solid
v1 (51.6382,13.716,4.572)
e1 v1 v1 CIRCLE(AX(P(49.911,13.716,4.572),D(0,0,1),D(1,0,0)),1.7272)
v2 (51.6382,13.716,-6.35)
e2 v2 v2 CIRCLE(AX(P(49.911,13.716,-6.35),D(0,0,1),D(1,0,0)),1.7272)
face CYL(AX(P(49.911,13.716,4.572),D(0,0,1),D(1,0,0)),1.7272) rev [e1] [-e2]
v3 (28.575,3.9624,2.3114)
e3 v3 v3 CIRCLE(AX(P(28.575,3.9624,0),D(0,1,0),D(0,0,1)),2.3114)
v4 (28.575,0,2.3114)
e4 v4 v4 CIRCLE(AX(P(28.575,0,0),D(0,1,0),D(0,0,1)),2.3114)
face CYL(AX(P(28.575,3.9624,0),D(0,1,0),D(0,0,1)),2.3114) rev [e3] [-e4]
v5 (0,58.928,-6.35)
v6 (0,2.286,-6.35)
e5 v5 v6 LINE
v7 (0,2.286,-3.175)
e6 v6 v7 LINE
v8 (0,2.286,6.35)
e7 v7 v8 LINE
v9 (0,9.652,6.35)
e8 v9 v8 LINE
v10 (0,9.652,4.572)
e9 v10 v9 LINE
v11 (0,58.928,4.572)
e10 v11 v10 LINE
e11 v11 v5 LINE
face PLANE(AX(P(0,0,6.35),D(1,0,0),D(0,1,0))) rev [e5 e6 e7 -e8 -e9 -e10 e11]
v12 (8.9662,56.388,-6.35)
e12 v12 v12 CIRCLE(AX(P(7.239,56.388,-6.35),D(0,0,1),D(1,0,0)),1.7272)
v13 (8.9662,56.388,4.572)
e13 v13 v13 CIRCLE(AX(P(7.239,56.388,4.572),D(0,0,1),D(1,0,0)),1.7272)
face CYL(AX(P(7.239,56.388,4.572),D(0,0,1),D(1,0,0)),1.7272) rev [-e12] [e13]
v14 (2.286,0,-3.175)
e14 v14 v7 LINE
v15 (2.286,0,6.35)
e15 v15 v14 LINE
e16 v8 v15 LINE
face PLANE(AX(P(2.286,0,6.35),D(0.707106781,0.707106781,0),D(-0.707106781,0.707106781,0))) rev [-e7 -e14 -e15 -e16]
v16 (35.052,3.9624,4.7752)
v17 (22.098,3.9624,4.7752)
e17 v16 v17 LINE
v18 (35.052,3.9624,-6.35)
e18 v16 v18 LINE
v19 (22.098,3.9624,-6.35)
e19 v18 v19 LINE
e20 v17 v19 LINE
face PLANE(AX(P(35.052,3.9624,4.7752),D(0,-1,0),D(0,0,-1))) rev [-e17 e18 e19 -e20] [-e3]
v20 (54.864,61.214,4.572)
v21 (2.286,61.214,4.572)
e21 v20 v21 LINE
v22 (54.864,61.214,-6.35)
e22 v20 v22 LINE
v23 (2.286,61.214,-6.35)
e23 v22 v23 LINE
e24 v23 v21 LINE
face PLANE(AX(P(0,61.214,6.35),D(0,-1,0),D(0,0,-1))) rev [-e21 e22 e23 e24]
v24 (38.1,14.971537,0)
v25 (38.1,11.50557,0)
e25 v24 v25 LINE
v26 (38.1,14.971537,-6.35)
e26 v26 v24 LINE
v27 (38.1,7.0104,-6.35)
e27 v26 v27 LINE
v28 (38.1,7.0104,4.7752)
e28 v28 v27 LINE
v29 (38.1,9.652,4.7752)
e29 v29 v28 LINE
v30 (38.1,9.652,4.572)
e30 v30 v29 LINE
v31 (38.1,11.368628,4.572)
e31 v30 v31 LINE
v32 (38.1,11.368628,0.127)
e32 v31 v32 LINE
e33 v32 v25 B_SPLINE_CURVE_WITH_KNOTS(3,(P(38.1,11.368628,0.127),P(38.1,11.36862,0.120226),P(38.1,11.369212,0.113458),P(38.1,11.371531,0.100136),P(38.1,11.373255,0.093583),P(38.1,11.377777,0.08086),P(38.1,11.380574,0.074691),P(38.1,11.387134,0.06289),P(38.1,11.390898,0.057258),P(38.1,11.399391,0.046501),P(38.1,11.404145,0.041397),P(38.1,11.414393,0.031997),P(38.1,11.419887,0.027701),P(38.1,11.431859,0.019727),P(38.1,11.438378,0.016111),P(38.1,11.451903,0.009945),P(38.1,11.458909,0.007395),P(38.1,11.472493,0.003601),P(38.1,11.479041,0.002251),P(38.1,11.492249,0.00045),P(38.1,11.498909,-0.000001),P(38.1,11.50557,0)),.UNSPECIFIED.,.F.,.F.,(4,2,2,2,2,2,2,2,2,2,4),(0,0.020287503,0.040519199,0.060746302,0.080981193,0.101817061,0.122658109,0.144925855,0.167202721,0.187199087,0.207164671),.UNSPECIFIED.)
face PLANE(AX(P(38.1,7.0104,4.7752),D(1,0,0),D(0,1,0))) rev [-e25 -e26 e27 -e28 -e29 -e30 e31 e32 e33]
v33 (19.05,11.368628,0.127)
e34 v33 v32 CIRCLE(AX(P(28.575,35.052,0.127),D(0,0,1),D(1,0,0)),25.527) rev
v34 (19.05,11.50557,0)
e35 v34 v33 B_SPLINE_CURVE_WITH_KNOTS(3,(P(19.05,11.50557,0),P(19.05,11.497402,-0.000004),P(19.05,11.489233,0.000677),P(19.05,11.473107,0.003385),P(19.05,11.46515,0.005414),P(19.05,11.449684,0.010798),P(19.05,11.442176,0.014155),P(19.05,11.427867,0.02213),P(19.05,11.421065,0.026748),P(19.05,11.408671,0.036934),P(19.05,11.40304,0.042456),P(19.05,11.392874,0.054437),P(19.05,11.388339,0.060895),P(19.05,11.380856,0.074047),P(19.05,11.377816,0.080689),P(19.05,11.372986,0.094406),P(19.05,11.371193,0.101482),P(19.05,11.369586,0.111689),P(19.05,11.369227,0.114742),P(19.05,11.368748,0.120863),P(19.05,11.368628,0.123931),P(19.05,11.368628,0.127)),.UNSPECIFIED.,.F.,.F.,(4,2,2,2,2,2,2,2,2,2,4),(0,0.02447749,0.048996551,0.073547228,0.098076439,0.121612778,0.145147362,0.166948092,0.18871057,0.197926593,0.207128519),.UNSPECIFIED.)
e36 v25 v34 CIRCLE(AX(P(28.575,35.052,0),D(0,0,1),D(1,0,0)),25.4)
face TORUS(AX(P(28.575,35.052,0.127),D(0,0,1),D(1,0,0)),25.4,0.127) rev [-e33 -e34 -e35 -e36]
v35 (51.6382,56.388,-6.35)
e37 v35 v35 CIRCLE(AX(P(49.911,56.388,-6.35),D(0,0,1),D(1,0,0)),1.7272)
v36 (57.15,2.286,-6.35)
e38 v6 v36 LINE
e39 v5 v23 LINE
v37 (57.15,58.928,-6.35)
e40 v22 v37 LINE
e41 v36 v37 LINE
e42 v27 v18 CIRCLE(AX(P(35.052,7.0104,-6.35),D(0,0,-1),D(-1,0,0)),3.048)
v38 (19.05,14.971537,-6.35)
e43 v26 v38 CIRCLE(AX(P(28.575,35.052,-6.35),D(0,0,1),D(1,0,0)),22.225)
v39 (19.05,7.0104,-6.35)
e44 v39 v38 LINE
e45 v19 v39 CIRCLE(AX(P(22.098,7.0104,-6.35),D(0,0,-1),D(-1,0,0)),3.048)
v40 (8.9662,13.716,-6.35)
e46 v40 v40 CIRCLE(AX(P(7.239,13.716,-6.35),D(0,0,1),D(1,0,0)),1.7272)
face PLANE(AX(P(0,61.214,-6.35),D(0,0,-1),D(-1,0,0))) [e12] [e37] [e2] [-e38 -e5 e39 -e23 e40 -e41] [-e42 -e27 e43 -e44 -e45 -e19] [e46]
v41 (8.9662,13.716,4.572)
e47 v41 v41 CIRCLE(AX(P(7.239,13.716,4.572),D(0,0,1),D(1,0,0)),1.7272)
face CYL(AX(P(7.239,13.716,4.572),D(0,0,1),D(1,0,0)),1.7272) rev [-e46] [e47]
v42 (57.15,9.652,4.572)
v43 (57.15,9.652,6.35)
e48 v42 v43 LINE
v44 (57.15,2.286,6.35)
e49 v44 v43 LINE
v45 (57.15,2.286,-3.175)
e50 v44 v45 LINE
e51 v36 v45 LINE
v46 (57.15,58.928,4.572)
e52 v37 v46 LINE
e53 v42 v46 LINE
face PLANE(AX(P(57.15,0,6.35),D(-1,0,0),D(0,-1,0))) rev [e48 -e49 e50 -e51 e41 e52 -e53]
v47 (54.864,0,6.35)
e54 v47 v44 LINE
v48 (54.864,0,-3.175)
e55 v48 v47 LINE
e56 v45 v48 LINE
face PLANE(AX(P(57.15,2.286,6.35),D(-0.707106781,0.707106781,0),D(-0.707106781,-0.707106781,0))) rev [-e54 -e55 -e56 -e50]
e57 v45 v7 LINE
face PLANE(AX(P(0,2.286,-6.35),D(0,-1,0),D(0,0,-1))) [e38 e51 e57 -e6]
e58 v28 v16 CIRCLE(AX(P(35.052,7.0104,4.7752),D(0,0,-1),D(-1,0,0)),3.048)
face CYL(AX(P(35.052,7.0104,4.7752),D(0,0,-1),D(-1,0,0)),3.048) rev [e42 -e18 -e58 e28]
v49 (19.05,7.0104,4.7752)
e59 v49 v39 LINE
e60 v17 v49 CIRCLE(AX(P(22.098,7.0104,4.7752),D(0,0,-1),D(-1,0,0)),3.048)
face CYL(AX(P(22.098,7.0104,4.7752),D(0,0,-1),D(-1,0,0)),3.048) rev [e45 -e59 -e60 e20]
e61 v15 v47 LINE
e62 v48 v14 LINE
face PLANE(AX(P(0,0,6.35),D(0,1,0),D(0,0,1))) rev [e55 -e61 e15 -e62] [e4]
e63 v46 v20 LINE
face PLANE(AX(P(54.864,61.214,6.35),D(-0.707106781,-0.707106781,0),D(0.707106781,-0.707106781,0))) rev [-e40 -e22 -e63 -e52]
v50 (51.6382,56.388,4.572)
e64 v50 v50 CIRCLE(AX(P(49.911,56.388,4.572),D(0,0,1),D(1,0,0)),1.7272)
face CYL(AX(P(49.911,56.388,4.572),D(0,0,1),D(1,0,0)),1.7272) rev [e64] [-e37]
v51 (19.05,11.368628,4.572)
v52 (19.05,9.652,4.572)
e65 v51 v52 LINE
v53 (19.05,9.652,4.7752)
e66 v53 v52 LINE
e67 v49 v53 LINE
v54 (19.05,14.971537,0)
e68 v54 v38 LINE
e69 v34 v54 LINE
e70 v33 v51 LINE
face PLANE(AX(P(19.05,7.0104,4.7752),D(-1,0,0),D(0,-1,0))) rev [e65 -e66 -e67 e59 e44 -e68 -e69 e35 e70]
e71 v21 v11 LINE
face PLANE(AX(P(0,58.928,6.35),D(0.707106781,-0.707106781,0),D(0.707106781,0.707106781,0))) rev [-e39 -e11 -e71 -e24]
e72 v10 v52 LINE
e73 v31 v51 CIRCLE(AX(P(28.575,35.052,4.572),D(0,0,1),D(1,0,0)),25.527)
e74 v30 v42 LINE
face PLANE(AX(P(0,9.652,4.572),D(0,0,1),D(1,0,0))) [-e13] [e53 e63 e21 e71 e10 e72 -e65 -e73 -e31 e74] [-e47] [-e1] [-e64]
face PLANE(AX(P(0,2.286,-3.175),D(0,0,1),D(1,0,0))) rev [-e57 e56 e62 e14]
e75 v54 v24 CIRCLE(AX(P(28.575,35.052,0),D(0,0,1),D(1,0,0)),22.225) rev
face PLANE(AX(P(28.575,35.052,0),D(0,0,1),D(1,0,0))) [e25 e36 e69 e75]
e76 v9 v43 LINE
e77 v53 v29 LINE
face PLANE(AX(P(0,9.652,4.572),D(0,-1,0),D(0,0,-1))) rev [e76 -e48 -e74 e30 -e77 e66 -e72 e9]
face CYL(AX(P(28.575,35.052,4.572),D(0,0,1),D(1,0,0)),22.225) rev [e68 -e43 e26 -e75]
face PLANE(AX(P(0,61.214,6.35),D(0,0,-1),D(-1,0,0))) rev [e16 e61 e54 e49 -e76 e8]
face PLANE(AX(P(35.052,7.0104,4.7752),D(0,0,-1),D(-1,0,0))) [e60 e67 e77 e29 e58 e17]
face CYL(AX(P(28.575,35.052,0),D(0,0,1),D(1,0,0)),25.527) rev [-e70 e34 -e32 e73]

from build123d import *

# Parameters (mm, degrees)
SKETCH1_W                       = 57.15
SKETCH1_H                       = 61.214
BOSS_EXTRUDE1_DEPTH             = 6.35
SKETCH2_W                       = 57.15
SKETCH2_H                       = 51.562
CUT_EXTRUDE1_DEPTH              = 1.778
F_1_1_DIAMETER_HOLE1_D          = 44.45
CUT_EXTRUDE2_DEPTH              = 11.1252
F_14_0_182_DIAMETER_HOLE1_D     = 4.6228
F_14_0_182_DIAMETER_HOLE1_DEPTH = 13.97
F_14_0_182_DIAMETER_HOLE1_TIP   = 1.388829235
SKETCH10_R                      = 25.527
CUT_EXTRUDE3_DEPTH              = 4.572
CHAMFER1_SIZE                   = 2.286
F_8_32_TAPPED_HOLE1_D           = 3.4544
SKETCH13_W                      = 57.15
SKETCH13_H                      = 3.175
CUT_EXTRUDE4_DEPTH              = 2.286
FILLET1_R                       = 0.127


with BuildPart() as part:
    # Sketch1 → Boss-Extrude1 (new body, symmetric)
    with BuildSketch(Plane.XY):
        with Locations((28.575, 30.607)):
            Rectangle(SKETCH1_W, SKETCH1_H)
    extrude(amount=BOSS_EXTRUDE1_DEPTH, both=True)

    # Sketch2 → Cut-Extrude1 (cut)
    with BuildSketch(Plane.XY.offset(6.35)):
        with Locations((28.575, 35.433)):
            Rectangle(SKETCH2_W, SKETCH2_H)
    extrude(amount=-CUT_EXTRUDE1_DEPTH, mode=Mode.SUBTRACT)

    # 1 (1) Diameter Hole1 (through all)
    with Locations(Plane.XY.offset(4.572)):
        with Locations((28.575, 35.052)):
            Hole(F_1_1_DIAMETER_HOLE1_D / 2)

    # Sketch6 → Cut-Extrude2 (cut)
    with BuildSketch(Plane(origin=(0, 0, -6.35), x_dir=(-1, 0, 0), z_dir=(0, 0, -1))):
        with BuildLine():
            Line((-35.052, 3.9624), (-22.098, 3.9624))
            ThreePointArc((-22.098, 3.9624), (-19.942738531, 4.855138531), (-19.05, 7.0104))
            Line((-19.05, 7.0104), (-19.05, 20.953589203))
            Line((-19.05, 20.953589203), (-38.1, 20.953589203))
            Line((-38.1, 20.953589203), (-38.1, 7.0104))
            ThreePointArc((-38.1, 7.0104), (-37.207261469, 4.855138531), (-35.052, 3.9624))
        make_face()
    extrude(amount=-CUT_EXTRUDE2_DEPTH, mode=Mode.SUBTRACT)

    # #14 (0.182) Diameter Hole1
    with Locations(Plane(origin=(0, 3.9624, 0), x_dir=(-1, 0, 0), z_dir=(0, 1, 0))):
        with Locations((-28.575, 0)):
            Hole(F_14_0_182_DIAMETER_HOLE1_D / 2, depth=F_14_0_182_DIAMETER_HOLE1_DEPTH)
            with Locations((0, 0, -(F_14_0_182_DIAMETER_HOLE1_DEPTH + F_14_0_182_DIAMETER_HOLE1_TIP / 2))):  # 118° drill point
                Cone(0, F_14_0_182_DIAMETER_HOLE1_D / 2, F_14_0_182_DIAMETER_HOLE1_TIP, mode=Mode.SUBTRACT)

    # Sketch10 → Cut-Extrude3 (cut)
    with BuildSketch(Plane.XY.offset(4.572)):
        with Locations((28.575, 35.052)):
            Circle(SKETCH10_R)
    extrude(amount=-CUT_EXTRUDE3_DEPTH, mode=Mode.SUBTRACT)

    # Chamfer1
    chamfer1_edges = [part.edges().sort_by_distance(p)[0] for p in [
        (0, 61.214, -0.889),
        (57.15, 61.214, -0.889),
        (57.15, 0, 0),
        (0, 0, 0),
    ]]
    chamfer(chamfer1_edges, length=CHAMFER1_SIZE)

    # #8-32 Tapped Hole1 (through all)
    with Locations(Plane.XY.offset(4.572)):
        with Locations((7.239, 56.388), (49.911, 56.388), (7.239, 13.716), (49.911, 13.716)):
            Hole(F_8_32_TAPPED_HOLE1_D / 2)

    # Sketch13 → Cut-Extrude4 (cut)
    with BuildSketch(Plane.XZ):
        with Locations((28.575, -4.7625)):
            Rectangle(SKETCH13_W, SKETCH13_H)
    extrude(amount=-CUT_EXTRUDE4_DEPTH, mode=Mode.SUBTRACT)

    # Fillet1
    fillet1_edges = [part.edges().sort_by_distance(p)[0] for p in [
        (28.575, 60.579, 0),
    ]]
    fillet(fillet1_edges, radius=FILLET1_R)


solid = part.part
